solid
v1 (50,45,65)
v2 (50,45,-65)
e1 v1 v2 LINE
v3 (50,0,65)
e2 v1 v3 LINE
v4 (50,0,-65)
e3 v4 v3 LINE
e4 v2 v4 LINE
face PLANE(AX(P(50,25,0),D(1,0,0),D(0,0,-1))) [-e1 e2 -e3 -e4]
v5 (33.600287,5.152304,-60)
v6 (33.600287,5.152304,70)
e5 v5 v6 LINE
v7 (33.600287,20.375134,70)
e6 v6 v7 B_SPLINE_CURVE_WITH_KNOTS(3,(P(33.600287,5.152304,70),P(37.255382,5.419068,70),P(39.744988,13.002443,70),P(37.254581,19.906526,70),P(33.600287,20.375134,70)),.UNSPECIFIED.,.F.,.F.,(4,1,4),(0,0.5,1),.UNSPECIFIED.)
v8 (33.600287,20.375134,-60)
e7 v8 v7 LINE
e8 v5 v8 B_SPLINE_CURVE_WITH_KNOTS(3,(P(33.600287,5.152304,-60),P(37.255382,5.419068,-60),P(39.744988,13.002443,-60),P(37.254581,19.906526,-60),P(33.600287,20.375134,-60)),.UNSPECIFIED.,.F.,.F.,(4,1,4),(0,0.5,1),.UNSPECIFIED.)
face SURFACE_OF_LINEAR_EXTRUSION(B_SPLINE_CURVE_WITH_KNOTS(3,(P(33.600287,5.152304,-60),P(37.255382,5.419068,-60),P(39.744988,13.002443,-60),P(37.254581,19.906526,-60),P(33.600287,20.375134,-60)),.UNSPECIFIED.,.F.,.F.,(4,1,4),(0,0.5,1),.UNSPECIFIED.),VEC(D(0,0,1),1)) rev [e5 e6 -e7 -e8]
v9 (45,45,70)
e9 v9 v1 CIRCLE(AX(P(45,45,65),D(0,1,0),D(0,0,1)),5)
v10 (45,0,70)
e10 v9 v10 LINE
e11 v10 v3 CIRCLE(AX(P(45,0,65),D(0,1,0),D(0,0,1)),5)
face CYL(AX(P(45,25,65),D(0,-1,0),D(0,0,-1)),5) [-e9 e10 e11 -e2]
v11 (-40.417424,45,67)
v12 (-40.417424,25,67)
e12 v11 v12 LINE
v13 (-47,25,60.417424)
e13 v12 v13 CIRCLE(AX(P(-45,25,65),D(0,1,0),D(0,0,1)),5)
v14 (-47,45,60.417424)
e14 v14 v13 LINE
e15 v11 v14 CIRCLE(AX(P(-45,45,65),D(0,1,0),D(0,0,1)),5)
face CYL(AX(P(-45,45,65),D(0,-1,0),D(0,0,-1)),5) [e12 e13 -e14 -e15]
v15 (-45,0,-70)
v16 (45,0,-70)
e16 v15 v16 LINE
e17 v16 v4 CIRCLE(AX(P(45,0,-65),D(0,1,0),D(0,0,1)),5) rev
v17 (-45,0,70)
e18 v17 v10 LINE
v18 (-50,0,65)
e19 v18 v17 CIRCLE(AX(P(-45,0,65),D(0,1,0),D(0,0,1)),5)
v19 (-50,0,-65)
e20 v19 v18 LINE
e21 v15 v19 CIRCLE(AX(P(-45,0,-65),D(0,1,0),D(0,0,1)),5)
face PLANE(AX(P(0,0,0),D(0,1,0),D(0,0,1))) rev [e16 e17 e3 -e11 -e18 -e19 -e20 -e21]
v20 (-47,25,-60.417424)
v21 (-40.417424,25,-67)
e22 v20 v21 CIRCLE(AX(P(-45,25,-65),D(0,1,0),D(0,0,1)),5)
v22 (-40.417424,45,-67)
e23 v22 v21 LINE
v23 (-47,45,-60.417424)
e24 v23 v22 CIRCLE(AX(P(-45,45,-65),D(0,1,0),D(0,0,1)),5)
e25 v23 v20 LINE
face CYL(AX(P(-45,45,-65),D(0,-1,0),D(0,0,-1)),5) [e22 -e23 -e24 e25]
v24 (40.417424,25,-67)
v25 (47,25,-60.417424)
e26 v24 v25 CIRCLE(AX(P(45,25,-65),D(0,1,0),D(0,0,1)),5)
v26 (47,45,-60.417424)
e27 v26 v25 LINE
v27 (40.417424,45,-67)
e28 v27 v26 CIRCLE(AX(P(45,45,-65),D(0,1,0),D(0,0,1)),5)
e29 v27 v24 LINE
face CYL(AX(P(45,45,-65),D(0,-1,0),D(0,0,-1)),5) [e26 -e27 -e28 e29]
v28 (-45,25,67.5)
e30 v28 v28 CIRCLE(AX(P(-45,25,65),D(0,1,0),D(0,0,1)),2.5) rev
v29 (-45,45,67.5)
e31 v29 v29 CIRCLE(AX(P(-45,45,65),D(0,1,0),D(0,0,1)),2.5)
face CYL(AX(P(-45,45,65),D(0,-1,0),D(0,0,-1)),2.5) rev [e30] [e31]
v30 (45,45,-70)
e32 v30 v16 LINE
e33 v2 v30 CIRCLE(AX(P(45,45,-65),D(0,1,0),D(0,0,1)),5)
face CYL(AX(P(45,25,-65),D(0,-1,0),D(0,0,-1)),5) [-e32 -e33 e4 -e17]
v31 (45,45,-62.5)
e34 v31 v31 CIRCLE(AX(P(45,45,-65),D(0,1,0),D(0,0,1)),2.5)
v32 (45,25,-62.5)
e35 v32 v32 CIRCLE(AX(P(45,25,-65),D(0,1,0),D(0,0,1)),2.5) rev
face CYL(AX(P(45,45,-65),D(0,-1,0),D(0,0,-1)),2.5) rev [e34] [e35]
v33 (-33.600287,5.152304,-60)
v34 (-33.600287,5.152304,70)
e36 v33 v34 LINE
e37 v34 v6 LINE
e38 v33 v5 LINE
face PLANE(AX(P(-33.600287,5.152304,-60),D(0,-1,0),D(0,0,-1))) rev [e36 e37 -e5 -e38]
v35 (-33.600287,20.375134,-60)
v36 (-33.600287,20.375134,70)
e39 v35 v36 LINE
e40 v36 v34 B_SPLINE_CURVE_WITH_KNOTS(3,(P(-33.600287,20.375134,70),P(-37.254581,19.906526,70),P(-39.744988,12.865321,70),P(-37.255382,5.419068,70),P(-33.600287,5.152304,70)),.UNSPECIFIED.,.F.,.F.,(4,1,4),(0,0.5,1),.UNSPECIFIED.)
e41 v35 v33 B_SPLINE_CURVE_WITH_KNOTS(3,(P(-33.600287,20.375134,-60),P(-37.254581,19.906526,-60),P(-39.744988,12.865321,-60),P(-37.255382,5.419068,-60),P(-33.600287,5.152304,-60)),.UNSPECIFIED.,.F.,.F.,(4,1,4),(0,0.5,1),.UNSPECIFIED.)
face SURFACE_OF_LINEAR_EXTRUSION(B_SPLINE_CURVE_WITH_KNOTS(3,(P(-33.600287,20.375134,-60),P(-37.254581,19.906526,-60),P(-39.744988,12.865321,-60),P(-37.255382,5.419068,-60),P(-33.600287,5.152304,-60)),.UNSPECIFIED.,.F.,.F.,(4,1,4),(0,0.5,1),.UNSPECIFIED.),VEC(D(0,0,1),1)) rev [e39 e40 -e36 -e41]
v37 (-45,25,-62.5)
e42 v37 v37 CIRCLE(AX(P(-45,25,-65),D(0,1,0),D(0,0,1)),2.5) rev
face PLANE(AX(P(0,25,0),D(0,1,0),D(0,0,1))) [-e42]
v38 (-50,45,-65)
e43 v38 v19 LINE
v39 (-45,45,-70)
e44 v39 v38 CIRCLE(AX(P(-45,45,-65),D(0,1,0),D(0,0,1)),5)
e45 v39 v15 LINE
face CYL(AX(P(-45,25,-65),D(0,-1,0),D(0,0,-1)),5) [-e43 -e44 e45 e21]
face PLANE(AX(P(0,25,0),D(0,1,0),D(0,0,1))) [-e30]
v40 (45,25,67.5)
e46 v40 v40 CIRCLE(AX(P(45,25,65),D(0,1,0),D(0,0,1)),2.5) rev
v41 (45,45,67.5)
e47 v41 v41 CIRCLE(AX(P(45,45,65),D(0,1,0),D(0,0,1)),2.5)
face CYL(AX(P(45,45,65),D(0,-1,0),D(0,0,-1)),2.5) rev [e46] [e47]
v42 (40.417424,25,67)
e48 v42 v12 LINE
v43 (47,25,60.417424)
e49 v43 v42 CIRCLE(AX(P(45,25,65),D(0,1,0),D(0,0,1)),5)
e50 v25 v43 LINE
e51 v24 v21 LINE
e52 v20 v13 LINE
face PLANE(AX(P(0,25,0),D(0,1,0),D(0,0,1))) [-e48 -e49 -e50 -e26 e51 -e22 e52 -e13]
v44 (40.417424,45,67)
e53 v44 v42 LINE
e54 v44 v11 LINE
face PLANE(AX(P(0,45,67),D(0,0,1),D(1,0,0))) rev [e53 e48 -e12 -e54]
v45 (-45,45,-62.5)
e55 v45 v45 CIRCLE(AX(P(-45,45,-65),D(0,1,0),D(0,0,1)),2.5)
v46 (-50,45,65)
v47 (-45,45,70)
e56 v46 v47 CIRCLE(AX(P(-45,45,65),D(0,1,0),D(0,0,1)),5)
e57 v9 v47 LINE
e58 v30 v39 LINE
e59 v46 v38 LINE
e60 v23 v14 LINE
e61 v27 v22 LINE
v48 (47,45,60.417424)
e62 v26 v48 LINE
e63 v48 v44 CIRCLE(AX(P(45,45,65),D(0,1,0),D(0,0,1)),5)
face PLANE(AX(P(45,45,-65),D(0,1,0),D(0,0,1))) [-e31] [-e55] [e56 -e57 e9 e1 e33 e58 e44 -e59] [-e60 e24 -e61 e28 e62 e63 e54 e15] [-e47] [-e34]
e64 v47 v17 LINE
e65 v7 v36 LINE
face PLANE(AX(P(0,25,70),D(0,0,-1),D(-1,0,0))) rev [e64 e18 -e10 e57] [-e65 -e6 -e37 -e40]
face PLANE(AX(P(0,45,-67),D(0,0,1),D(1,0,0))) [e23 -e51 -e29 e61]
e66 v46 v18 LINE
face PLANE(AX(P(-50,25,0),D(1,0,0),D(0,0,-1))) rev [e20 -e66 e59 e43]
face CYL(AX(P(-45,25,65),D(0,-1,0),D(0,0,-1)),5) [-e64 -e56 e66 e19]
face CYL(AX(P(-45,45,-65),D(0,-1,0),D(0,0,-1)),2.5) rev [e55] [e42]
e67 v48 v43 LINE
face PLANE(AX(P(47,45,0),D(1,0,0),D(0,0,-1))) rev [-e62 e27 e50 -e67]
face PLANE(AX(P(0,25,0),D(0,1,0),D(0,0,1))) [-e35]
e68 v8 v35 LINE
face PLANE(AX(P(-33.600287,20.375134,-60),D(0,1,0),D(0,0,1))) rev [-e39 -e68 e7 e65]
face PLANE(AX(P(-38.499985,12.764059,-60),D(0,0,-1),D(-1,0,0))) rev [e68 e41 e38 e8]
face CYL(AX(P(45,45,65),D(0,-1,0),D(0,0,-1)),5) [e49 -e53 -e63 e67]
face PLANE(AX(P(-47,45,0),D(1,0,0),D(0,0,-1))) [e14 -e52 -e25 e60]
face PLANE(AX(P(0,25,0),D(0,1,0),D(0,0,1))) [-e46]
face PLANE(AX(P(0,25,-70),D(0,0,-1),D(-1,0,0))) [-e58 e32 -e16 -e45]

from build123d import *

# Parameters (mm, degrees)
BOSS_EXTRUDE2_DEPTH = 25
BOSS_EXTRUDE3_START = 25
SKETCH1_3_R         = 2.5
BOSS_EXTRUDE3_DEPTH = 20
CUT_EXTRUDE1_DEPTH  = 130


with BuildPart() as part:
    # Sketch1 → Boss-Extrude2 (new body)
    with BuildSketch(Plane(origin=(0, 0, 0), x_dir=(1, 0, 0), z_dir=(0, 1, 0))):
        with BuildLine():
            Line((-45, 70), (45, 70))
            ThreePointArc((45, 70), (48.535533906, 68.535533906), (50, 65))
            Line((50, 65), (50, -65))
            ThreePointArc((50, -65), (48.535533906, -68.535533906), (45, -70))
            Line((45, -70), (-45, -70))
            ThreePointArc((-45, -70), (-48.535533906, -68.535533906), (-50, -65))
            Line((-50, -65), (-50, 65))
            ThreePointArc((-50, 65), (-48.535533906, 68.535533906), (-45, 70))
        make_face()
    extrude(amount=BOSS_EXTRUDE2_DEPTH)

    # Sketch1<3> → Boss-Extrude3 (add)
    with BuildSketch(Plane(origin=(0, 0, 0), x_dir=(1, 0, 0), z_dir=(0, 1, 0)).offset(BOSS_EXTRUDE3_START)):
        with BuildLine():
            Line((-45, 70), (45, 70))
            ThreePointArc((45, 70), (48.535533906, 68.535533906), (50, 65))
            Line((50, 65), (50, -65))
            ThreePointArc((50, -65), (48.535533906, -68.535533906), (45, -70))
            Line((45, -70), (-45, -70))
            ThreePointArc((-45, -70), (-48.535533906, -68.535533906), (-50, -65))
            Line((-50, -65), (-50, 65))
            ThreePointArc((-50, 65), (-48.535533906, 68.535533906), (-45, 70))
        make_face()
        with Locations(Location((-45, 65, 0), (0, 0, 270))):
            Circle(SKETCH1_3_R, mode=Mode.SUBTRACT)
        with Locations(Location((45, 65, 0), (0, 0, 270))):
            Circle(SKETCH1_3_R, mode=Mode.SUBTRACT)
        with Locations(Location((45, -65, 0), (0, 0, 270))):
            Circle(SKETCH1_3_R, mode=Mode.SUBTRACT)
        with Locations(Location((-45, -65, 0), (0, 0, 270))):
            Circle(SKETCH1_3_R, mode=Mode.SUBTRACT)
        with BuildLine():
            Line((-40.417424305, 67), (40.417424305, 67))
            ThreePointArc((40.417424305, 67), (41.464466094, 61.464466094), (47, 60.417424305))
            Line((47, 60.417424305), (47, -60.417424305))
            ThreePointArc((47, -60.417424305), (41.464466094, -61.464466094), (40.417424305, -67))
            Line((40.417424305, -67), (-40.417424305, -67))
            ThreePointArc((-40.417424305, -67), (-41.464466094, -61.464466094), (-47, -60.417424305))
            Line((-47, -60.417424305), (-47, 60.417424305))
            ThreePointArc((-47, 60.417424305), (-41.464466094, 61.464466094), (-40.417424305, 67))
        make_face(mode=Mode.SUBTRACT)
    extrude(amount=BOSS_EXTRUDE3_DEPTH)

    # Sketch2 → Cut-Extrude1 (cut)
    with BuildSketch(Plane.XY.offset(70)):
        with BuildLine():
            Line((-33.600286554, 5.152304199), (33.600286554, 5.152304199))
            add(Edge.make_bspline(
                [(33.600286554, 20.375134216), (37.254581283, 19.906525536), (39.744987875, 13.002442779), (37.255381919, 5.419067927), (33.600286554, 5.152304199)],
                knots=[0, 0, 0, 0, 0.5, 1, 1, 1, 1], degree=3))
            Line((33.600286554, 20.375134216), (-33.600286554, 20.375134216))
            add(Edge.make_bspline(
                [(-33.600286554, 20.375134216), (-37.254581283, 19.906525536), (-39.744987875, 12.865320549), (-37.255381919, 5.419067927), (-33.600286554, 5.152304199)],
                knots=[0, 0, 0, 0, 0.5, 1, 1, 1, 1], degree=3))
        make_face()
    extrude(amount=-CUT_EXTRUDE1_DEPTH, mode=Mode.SUBTRACT)


solid = part.part
